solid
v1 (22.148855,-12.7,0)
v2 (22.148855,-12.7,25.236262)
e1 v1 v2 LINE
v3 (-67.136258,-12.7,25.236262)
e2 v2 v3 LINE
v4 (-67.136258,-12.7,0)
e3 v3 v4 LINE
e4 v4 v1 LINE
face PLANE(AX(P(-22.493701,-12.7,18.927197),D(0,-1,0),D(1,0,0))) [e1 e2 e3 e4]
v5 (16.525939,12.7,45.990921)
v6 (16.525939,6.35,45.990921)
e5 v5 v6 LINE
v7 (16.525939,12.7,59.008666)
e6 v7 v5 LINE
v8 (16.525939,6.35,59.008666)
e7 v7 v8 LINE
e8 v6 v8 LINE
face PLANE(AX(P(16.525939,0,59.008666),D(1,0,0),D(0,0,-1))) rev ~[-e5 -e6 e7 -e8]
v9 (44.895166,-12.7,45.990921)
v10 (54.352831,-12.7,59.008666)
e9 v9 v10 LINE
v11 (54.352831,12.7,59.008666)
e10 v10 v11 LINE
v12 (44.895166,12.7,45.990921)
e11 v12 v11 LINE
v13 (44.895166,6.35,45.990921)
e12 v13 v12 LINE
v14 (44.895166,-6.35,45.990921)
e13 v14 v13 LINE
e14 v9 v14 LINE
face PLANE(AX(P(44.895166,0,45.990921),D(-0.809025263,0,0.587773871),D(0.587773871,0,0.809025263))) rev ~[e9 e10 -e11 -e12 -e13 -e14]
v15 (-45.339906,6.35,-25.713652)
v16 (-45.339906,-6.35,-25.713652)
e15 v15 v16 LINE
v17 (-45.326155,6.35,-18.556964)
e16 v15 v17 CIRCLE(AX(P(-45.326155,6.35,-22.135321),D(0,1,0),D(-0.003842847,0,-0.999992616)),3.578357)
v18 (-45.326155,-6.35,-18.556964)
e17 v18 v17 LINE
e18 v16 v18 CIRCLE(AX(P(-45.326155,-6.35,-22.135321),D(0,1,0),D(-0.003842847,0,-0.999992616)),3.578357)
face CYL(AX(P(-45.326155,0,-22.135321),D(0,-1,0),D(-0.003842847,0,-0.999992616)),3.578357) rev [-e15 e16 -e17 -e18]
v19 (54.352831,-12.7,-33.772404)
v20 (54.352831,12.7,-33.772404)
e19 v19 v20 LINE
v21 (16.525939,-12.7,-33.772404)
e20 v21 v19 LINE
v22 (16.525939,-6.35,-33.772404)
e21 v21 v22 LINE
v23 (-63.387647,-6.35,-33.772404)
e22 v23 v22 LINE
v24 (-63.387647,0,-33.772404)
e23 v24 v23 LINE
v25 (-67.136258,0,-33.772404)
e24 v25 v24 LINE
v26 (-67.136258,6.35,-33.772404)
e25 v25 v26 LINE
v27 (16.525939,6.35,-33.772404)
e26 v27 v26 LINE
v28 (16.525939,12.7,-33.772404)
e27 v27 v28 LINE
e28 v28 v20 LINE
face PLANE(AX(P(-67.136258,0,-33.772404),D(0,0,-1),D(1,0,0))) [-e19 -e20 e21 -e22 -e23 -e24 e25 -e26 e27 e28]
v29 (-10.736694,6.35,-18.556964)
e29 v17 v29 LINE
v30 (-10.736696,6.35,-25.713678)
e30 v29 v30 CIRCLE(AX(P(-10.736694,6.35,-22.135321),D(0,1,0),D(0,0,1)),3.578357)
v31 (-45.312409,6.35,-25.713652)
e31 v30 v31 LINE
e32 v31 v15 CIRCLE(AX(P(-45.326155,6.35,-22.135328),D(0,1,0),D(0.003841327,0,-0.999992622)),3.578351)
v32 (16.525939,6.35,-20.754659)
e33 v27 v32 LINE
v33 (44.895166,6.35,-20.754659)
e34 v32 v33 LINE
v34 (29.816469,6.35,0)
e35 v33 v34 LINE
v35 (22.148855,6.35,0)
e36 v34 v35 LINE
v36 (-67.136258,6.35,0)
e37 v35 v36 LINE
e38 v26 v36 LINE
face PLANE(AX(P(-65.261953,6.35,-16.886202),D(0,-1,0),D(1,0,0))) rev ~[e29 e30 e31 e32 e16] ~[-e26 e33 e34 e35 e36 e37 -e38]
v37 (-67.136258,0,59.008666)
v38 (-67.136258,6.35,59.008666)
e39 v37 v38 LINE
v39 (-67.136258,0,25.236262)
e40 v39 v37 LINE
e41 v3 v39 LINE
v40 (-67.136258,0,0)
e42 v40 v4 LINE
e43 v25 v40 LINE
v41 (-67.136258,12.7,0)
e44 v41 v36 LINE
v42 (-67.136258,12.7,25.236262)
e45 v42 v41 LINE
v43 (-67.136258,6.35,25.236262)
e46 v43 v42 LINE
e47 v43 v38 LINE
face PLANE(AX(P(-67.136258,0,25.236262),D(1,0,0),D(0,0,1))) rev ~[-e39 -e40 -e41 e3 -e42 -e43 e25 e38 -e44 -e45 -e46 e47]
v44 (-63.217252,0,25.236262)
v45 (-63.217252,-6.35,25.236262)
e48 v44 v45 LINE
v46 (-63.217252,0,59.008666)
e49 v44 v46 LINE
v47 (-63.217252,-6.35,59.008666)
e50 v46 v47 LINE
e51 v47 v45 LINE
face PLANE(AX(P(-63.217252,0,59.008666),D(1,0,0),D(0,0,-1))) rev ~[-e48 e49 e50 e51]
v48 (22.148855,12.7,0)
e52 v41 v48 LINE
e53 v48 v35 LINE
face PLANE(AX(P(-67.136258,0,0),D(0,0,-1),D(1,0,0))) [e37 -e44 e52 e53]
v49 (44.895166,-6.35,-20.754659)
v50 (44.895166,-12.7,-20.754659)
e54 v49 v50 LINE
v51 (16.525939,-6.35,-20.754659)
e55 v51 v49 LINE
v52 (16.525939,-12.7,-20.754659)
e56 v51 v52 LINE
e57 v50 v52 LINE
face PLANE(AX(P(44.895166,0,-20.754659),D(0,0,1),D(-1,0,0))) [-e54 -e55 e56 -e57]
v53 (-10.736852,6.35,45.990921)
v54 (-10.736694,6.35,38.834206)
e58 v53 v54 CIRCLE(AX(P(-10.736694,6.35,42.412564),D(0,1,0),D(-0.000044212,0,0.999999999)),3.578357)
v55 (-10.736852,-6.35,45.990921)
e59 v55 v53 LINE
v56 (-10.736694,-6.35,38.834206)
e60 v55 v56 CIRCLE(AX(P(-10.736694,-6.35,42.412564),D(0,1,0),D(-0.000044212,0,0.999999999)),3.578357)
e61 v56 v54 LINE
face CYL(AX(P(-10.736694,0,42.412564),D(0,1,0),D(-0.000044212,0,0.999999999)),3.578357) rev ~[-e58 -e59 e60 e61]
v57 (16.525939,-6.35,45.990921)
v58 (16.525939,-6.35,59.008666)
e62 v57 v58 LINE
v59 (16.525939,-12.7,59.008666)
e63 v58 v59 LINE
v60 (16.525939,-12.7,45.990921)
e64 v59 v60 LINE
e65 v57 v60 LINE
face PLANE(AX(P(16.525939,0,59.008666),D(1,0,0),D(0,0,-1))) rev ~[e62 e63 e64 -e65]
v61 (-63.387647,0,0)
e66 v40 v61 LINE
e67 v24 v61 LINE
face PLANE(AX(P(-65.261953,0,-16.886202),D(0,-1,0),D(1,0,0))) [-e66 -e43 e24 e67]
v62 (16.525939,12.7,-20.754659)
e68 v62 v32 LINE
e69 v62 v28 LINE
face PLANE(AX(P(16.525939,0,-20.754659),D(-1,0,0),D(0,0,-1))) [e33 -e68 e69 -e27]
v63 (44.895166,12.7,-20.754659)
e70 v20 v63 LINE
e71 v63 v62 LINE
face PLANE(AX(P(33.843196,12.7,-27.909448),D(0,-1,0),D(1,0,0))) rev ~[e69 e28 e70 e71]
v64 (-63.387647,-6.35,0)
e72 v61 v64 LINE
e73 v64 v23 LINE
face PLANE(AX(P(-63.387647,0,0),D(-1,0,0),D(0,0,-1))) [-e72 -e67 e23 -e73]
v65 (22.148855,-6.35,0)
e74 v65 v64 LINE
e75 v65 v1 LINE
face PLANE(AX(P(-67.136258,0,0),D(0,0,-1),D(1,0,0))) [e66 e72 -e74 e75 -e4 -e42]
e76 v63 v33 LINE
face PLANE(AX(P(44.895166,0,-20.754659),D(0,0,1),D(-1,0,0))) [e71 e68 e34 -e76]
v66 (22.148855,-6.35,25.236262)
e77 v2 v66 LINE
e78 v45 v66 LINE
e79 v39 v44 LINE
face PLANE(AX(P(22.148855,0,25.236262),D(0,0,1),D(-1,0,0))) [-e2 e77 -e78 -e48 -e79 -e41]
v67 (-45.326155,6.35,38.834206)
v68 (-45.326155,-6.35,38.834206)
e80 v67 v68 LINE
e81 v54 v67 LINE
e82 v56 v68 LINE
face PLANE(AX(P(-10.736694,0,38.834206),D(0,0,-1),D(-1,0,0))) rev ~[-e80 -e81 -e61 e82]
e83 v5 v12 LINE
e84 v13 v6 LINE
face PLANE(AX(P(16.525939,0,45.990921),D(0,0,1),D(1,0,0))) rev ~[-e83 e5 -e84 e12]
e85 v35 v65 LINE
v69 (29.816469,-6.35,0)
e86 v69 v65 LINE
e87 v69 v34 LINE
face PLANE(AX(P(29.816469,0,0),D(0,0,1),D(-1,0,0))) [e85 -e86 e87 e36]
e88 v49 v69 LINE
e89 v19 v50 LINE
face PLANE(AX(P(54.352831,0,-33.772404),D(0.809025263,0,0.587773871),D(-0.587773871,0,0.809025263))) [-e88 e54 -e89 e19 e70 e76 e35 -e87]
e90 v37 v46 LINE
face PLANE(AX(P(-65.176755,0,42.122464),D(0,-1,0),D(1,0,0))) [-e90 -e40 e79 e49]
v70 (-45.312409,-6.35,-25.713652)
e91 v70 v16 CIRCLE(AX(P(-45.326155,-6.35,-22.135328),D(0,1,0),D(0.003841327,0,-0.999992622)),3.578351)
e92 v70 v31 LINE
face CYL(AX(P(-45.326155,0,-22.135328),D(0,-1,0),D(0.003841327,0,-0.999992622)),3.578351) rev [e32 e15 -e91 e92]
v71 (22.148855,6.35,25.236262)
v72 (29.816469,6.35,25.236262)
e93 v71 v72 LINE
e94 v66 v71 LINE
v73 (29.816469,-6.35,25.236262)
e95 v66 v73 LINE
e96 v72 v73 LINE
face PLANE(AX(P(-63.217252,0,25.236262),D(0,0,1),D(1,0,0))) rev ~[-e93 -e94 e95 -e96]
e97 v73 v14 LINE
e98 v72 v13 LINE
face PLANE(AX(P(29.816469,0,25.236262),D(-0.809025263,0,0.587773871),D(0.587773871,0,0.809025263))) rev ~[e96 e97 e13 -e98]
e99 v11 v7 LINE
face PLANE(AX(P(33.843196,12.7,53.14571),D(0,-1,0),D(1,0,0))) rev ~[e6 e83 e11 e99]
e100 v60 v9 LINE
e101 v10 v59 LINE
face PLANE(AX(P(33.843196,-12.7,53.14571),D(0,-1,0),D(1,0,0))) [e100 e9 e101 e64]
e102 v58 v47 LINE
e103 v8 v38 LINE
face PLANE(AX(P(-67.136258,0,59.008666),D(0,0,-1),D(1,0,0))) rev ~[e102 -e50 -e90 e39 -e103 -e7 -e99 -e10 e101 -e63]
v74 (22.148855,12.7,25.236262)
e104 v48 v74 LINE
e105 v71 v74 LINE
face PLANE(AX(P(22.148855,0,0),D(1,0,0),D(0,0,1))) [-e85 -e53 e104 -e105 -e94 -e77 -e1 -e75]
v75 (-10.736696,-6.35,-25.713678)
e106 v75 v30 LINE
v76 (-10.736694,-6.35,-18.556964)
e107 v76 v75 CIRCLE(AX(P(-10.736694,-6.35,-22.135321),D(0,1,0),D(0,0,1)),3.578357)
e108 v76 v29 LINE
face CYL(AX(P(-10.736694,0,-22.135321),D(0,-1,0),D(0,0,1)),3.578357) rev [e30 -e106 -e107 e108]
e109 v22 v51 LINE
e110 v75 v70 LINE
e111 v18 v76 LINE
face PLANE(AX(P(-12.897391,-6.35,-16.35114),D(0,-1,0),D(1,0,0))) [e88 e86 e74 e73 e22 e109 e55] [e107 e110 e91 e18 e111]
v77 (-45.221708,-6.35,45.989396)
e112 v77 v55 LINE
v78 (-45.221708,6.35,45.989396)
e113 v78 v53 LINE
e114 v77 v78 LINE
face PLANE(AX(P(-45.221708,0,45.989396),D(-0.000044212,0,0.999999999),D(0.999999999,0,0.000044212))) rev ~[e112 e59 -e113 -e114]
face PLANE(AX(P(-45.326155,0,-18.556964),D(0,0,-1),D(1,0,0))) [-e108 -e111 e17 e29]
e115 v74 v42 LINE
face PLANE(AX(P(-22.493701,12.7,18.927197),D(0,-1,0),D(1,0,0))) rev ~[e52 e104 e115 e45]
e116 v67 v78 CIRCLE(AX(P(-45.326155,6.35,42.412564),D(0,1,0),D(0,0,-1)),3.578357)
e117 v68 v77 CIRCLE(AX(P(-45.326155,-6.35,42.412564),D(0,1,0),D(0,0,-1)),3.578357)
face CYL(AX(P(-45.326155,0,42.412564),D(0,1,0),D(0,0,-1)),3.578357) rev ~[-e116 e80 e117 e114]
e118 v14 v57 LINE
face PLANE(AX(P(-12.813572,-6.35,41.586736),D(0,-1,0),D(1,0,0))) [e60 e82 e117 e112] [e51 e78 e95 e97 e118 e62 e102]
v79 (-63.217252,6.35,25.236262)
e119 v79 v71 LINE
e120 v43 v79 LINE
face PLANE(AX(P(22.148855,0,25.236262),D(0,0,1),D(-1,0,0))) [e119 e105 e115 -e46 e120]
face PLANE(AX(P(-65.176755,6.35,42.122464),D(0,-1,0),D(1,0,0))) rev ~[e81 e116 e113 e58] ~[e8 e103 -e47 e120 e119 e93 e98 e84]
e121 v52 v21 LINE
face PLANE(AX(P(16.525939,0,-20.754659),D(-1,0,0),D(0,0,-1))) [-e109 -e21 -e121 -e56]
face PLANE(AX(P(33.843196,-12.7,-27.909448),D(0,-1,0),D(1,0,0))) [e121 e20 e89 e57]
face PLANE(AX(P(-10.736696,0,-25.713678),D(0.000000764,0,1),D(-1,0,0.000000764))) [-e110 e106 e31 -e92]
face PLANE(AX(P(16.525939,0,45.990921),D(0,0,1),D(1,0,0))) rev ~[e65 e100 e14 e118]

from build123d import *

# Parameters (mm, degrees)
F1_DEPTH = 12.7
F2_DEPTH = 6.35
F3_DEPTH = 12.7
F0_W     = 3.919005394
F0_H     = 33.7724040388
F0_W_2   = 3.7486106157
F4_DEPTH = 6.35


with BuildPart() as f1:
    # F0 (on Front) → F1 (new body, symmetric)
    with BuildSketch(Plane.XZ):
        Polygon((-63.2172524929, 25.2362620085), (-67.1362578869, 25.2362620085), (-67.1362578869, 12.6181310043), (22.1488550305, 12.6181310043), (22.1488550305, 25.2362620085), align=None)
        Polygon((22.1488550305, 12.6181310043), (-67.1362578869, 12.6181310043), (-67.1362578869, 0), (-63.3876472712, 0), (22.1488550305, 0), align=None)
    extrude(amount=F1_DEPTH, both=True)

    # F0 (on Front) → F2 (join, symmetric)
    with BuildSketch(Plane.XZ):
        Polygon((16.5259391069, 59.0086660474), (-63.2172524929, 59.0086660474), (-63.2172524929, 25.2362620085), (22.1488550305, 25.2362620085), (29.8164691776, 25.2362620085), (44.8951655051, 45.9909210103), (16.5259391069, 45.9909210103), align=None)
        with BuildLine():
            ThreePointArc((-45.3261546791, 38.8342062133), (-48.9041308958, 42.4647925685), (-45.2217078929, 45.9893963645))
            Line((-45.2217078929, 45.9893963645), (-10.7368518343, 45.9909210068))
            ThreePointArc((-10.7368518343, 45.9909210068), (-7.1583362305, 42.4126427149), (-10.7366936281, 38.8342062133))
            Line((-10.7366936281, 38.8342062133), (-45.3261546791, 38.8342062133))
        make_face(mode=Mode.SUBTRACT)
        Polygon((29.8164691776, 0), (22.1488550305, 0), (-63.3876472712, 0), (-63.3876472712, -33.7724040388), (16.5259391069, -33.7724040388), (16.5259391069, -20.7546590018), (44.8951655051, -20.7546590018), align=None)
        with BuildLine():
            ThreePointArc((-45.3399057596, -25.7136520276), (-48.9045054721, -22.1284454979), (-45.3261546791, -18.5569636524))
            Line((-45.3261546791, -18.5569636524), (-10.7366936281, -18.5569636524))
            ThreePointArc((-10.7366936281, -18.5569636524), (-7.1583362296, -22.135322417), (-10.7366963604, -25.7136784494))
            Line((-10.7366963604, -25.7136784494), (-45.3124090631, -25.7136520486))
            ThreePointArc((-45.3124090631, -25.7136520486), (-45.3261574114, -25.7136784494), (-45.3399057596, -25.7136520276))
        make_face(mode=Mode.SUBTRACT)
    extrude(amount=F2_DEPTH, both=True)

    # F0 (on Front) → F3 (join, symmetric)
    with BuildSketch(Plane.XZ):
        Polygon((54.3528310955, 59.0086660474), (16.5259391069, 59.0086660474), (16.5259391069, 45.9909210103), (44.8951655051, 45.9909210103), align=None)
        Polygon((54.3528310955, -33.7724040388), (44.8951655051, -20.7546590018), (16.5259391069, -20.7546590018), (16.5259391069, -33.7724040388), align=None)
    extrude(amount=F3_DEPTH, both=True)

    # F0 (on Front) → F4 (join)
    with BuildSketch(Plane.XZ):
        with Locations((-65.1767551899, 42.122464028)):
            Rectangle(F0_W, F0_H)
        with Locations((-65.261952579, -16.8862020194)):
            Rectangle(F0_W_2, F0_H)
    extrude(amount=-F4_DEPTH)


solid = f1.part
